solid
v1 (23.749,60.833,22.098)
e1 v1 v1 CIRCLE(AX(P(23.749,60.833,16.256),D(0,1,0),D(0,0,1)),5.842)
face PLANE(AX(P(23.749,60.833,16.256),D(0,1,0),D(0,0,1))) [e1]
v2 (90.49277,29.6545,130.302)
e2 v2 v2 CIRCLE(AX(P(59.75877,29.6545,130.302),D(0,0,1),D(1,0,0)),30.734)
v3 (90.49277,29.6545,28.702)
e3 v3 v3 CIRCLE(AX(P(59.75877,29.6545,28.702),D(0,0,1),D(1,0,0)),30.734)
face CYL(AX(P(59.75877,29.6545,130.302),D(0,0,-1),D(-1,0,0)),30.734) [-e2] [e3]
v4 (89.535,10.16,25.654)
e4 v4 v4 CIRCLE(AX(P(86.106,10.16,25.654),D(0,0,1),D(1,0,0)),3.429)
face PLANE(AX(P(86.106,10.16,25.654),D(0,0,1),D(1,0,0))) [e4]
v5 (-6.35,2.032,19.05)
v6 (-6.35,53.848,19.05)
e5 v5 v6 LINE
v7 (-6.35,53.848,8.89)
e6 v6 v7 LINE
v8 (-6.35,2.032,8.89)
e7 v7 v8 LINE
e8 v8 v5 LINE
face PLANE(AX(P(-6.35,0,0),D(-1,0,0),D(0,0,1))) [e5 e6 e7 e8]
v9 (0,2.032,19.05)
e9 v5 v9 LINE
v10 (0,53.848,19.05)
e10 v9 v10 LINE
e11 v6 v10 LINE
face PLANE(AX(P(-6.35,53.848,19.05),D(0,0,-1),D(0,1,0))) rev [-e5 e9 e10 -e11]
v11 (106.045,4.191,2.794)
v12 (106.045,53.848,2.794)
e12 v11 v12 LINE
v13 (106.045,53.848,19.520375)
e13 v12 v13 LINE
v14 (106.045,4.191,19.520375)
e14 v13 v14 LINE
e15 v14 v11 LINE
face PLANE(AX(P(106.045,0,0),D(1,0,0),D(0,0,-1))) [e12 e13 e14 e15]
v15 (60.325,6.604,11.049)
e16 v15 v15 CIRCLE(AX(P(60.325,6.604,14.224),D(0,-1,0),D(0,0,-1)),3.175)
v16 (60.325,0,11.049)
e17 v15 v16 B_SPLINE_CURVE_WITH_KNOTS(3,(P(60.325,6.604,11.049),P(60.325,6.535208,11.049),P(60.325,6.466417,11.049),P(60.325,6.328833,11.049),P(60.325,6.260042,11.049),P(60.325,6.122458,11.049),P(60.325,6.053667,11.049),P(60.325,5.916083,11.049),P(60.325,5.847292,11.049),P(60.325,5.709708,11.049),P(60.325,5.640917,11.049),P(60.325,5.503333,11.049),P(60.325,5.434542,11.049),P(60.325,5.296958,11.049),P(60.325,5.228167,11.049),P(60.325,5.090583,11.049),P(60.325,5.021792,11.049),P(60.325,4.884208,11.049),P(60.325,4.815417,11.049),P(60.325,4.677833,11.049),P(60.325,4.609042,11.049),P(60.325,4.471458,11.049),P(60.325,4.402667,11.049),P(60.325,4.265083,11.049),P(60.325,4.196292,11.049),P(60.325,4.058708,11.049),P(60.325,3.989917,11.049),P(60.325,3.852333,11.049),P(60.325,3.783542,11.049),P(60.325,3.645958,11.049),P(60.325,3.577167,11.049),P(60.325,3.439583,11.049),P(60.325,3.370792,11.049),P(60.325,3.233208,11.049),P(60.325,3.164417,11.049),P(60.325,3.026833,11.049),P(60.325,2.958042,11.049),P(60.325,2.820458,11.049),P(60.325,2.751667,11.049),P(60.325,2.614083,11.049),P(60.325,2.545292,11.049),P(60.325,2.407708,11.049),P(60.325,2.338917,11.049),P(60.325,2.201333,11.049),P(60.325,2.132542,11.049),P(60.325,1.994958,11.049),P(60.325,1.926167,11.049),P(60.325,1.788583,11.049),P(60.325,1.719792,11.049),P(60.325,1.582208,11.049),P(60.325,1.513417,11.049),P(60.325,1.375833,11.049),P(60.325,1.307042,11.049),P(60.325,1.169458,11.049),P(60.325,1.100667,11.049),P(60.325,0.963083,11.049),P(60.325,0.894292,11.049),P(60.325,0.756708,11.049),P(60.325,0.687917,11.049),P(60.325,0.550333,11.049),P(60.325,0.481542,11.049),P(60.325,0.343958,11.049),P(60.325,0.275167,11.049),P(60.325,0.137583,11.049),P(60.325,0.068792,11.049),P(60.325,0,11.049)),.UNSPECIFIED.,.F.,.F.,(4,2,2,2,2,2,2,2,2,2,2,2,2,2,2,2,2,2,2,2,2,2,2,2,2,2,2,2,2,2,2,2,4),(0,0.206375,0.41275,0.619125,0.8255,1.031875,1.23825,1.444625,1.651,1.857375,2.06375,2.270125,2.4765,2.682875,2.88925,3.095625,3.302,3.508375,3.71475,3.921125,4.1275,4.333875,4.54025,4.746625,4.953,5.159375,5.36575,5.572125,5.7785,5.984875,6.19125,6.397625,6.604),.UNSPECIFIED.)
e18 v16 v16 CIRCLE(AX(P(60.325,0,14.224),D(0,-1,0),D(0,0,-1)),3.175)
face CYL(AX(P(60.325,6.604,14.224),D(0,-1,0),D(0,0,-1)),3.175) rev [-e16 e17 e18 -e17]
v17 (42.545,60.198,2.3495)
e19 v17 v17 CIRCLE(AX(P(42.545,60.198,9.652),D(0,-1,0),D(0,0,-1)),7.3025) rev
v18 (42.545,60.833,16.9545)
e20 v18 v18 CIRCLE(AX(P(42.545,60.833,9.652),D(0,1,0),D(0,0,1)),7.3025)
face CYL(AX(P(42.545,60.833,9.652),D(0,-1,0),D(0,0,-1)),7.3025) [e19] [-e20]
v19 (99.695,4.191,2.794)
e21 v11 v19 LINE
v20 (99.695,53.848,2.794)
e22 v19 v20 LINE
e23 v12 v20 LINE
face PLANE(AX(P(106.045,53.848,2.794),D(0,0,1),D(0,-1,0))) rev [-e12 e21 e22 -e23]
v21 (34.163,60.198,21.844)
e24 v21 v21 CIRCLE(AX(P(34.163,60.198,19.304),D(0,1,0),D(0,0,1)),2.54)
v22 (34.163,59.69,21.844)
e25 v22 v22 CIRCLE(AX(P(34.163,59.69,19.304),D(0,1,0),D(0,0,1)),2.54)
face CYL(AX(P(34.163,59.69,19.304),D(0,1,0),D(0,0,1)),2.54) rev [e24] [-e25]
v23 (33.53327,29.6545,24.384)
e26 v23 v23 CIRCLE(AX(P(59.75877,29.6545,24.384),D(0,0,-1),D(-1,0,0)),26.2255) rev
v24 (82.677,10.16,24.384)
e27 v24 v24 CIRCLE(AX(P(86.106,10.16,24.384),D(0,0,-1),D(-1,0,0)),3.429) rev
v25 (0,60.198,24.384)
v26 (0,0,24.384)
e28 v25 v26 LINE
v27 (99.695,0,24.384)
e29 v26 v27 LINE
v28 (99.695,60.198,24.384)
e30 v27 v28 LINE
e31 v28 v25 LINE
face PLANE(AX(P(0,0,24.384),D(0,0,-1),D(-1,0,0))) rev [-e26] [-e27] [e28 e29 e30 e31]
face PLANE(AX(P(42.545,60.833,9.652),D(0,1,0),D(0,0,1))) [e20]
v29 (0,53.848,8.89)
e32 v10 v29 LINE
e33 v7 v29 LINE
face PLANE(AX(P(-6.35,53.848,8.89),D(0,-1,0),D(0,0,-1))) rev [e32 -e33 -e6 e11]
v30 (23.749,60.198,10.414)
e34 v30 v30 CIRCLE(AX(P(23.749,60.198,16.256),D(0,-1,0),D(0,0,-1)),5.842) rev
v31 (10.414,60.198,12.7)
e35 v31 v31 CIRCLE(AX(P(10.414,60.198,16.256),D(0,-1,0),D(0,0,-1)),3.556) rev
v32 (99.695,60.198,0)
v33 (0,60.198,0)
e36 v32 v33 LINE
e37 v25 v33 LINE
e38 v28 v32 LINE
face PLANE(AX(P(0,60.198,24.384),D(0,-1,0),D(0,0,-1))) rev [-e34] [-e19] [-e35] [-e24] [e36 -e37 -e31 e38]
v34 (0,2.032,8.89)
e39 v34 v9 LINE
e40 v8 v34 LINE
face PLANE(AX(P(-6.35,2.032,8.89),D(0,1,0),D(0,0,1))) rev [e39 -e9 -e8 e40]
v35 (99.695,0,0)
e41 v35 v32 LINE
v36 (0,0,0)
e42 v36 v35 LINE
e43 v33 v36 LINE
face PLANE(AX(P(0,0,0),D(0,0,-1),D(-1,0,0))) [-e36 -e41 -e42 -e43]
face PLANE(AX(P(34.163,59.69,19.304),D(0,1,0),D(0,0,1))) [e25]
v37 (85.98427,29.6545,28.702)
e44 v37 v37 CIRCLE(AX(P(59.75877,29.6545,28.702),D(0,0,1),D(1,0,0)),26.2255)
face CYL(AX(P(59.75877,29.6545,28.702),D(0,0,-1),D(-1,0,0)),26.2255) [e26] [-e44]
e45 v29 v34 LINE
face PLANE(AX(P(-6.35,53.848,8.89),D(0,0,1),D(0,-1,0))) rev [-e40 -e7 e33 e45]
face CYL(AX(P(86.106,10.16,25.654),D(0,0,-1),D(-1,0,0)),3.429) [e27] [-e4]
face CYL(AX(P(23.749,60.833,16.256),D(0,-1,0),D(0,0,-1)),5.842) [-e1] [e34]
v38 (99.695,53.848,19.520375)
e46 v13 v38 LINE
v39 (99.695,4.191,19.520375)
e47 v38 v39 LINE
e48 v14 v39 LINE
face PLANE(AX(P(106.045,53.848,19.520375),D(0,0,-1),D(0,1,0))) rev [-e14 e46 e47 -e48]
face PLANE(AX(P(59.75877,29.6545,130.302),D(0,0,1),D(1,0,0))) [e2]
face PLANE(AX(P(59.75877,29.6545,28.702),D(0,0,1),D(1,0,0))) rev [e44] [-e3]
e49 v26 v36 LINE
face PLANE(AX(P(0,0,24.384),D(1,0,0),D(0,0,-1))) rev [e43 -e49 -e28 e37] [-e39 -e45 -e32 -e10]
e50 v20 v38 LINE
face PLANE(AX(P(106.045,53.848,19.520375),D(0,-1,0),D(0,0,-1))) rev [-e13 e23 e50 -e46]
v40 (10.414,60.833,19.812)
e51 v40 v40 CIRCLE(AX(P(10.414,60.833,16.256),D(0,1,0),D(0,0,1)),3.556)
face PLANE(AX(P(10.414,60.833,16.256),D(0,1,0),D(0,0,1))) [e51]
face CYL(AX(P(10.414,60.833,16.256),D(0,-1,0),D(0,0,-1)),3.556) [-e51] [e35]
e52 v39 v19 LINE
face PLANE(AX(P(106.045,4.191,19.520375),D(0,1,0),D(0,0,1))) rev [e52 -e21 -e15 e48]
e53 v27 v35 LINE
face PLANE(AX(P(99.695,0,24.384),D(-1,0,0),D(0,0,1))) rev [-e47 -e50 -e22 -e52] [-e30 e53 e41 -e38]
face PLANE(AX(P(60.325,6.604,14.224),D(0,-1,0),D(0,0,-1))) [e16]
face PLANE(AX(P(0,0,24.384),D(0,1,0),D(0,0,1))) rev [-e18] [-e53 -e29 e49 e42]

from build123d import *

# Parameters (mm, degrees)
SKETCH1_W           = 99.695
SKETCH1_H           = 60.198
BOSS_EXTRUDE1_DEPTH = 24.384
SKETCH2_R           = 26.2255
BOSS_EXTRUDE2_DEPTH = 4.318
SKETCH3_R           = 3.429
BOSS_EXTRUDE3_DEPTH = 1.27
SKETCH4_R           = 3.556
SKETCH4_R_2         = 5.842
SKETCH4_R_3         = 7.3025
BOSS_EXTRUDE4_DEPTH = 0.635
SKETCH7_R           = 2.54
CUT_EXTRUDE1_DEPTH  = 0.508
SKETCH8_R           = 3.175
CUT_EXTRUDE2_DEPTH  = 6.604
SKETCH9_W           = 10.16
SKETCH9_H           = 51.816
BOSS_EXTRUDE5_DEPTH = 6.35
SKETCH10_W          = 16.726375359
SKETCH10_H          = 49.657
BOSS_EXTRUDE6_DEPTH = 6.35
SKETCH11_R          = 30.734
BOSS_EXTRUDE7_DEPTH = 101.6


with BuildPart() as part:
    # Sketch1 → Boss-Extrude1 (new body)
    with BuildSketch(Plane.XY):
        with Locations((49.8475, 30.099)):
            Rectangle(SKETCH1_W, SKETCH1_H)
    extrude(amount=BOSS_EXTRUDE1_DEPTH)

    # Sketch2 → Boss-Extrude2 (add)
    with BuildSketch(Plane.XY.offset(24.384)):
        with Locations(Location((59.758770255, 29.6545, 0), (0, 0, 180))):
            Circle(SKETCH2_R)
    extrude(amount=BOSS_EXTRUDE2_DEPTH)

    # Sketch3 → Boss-Extrude3 (add)
    with BuildSketch(Plane.XY.offset(24.384)):
        with Locations(Location((86.106, 10.16, 0), (0, 0, 180))):
            Circle(SKETCH3_R)
    extrude(amount=BOSS_EXTRUDE3_DEPTH)

    # Sketch4 → Boss-Extrude4 (add)
    with BuildSketch(Plane(origin=(0, 60.198, 0), x_dir=(1, 0, 0), z_dir=(0, 1, 0))):
        with Locations(Location((10.414, -16.256, 0), (0, 0, 90))):
            Circle(SKETCH4_R)
        with Locations(Location((23.749, -16.256, 0), (0, 0, 90))):
            Circle(SKETCH4_R_2)
        with Locations(Location((42.545, -9.652, 0), (0, 0, 90))):
            Circle(SKETCH4_R_3)
    extrude(amount=BOSS_EXTRUDE4_DEPTH)

    # Sketch7 → Cut-Extrude1 (cut)
    with BuildSketch(Plane(origin=(0, 60.198, 0), x_dir=(1, 0, 0), z_dir=(0, 1, 0))):
        with Locations(Location((34.163, -19.304, 0), (0, 0, 270))):
            Circle(SKETCH7_R)
    extrude(amount=-CUT_EXTRUDE1_DEPTH, mode=Mode.SUBTRACT)

    # Sketch8 → Cut-Extrude2 (cut)
    with BuildSketch(Plane.XZ):
        with Locations(Location((60.325, 14.224, 0), (0, 0, 270))):
            Circle(SKETCH8_R)
    extrude(amount=-CUT_EXTRUDE2_DEPTH, mode=Mode.SUBTRACT)

    # Sketch9 → Boss-Extrude5 (add)
    with BuildSketch(Plane.ZY):
        with Locations((13.97, 27.94)):
            Rectangle(SKETCH9_W, SKETCH9_H)
    extrude(amount=BOSS_EXTRUDE5_DEPTH)

    # Sketch10 → Boss-Extrude6 (add)
    with BuildSketch(Plane(origin=(99.695, 0, 0), x_dir=(0, 0, -1), z_dir=(1, 0, 0))):
        with Locations((-11.15718768, 29.0195)):
            Rectangle(SKETCH10_W, SKETCH10_H)
    extrude(amount=BOSS_EXTRUDE6_DEPTH)

    # Sketch11 → Boss-Extrude7 (add)
    with BuildSketch(Plane.XY.offset(28.702)):
        with Locations((59.758770255, 29.6545)):
            Circle(SKETCH11_R)
    extrude(amount=BOSS_EXTRUDE7_DEPTH)


solid = part.part
